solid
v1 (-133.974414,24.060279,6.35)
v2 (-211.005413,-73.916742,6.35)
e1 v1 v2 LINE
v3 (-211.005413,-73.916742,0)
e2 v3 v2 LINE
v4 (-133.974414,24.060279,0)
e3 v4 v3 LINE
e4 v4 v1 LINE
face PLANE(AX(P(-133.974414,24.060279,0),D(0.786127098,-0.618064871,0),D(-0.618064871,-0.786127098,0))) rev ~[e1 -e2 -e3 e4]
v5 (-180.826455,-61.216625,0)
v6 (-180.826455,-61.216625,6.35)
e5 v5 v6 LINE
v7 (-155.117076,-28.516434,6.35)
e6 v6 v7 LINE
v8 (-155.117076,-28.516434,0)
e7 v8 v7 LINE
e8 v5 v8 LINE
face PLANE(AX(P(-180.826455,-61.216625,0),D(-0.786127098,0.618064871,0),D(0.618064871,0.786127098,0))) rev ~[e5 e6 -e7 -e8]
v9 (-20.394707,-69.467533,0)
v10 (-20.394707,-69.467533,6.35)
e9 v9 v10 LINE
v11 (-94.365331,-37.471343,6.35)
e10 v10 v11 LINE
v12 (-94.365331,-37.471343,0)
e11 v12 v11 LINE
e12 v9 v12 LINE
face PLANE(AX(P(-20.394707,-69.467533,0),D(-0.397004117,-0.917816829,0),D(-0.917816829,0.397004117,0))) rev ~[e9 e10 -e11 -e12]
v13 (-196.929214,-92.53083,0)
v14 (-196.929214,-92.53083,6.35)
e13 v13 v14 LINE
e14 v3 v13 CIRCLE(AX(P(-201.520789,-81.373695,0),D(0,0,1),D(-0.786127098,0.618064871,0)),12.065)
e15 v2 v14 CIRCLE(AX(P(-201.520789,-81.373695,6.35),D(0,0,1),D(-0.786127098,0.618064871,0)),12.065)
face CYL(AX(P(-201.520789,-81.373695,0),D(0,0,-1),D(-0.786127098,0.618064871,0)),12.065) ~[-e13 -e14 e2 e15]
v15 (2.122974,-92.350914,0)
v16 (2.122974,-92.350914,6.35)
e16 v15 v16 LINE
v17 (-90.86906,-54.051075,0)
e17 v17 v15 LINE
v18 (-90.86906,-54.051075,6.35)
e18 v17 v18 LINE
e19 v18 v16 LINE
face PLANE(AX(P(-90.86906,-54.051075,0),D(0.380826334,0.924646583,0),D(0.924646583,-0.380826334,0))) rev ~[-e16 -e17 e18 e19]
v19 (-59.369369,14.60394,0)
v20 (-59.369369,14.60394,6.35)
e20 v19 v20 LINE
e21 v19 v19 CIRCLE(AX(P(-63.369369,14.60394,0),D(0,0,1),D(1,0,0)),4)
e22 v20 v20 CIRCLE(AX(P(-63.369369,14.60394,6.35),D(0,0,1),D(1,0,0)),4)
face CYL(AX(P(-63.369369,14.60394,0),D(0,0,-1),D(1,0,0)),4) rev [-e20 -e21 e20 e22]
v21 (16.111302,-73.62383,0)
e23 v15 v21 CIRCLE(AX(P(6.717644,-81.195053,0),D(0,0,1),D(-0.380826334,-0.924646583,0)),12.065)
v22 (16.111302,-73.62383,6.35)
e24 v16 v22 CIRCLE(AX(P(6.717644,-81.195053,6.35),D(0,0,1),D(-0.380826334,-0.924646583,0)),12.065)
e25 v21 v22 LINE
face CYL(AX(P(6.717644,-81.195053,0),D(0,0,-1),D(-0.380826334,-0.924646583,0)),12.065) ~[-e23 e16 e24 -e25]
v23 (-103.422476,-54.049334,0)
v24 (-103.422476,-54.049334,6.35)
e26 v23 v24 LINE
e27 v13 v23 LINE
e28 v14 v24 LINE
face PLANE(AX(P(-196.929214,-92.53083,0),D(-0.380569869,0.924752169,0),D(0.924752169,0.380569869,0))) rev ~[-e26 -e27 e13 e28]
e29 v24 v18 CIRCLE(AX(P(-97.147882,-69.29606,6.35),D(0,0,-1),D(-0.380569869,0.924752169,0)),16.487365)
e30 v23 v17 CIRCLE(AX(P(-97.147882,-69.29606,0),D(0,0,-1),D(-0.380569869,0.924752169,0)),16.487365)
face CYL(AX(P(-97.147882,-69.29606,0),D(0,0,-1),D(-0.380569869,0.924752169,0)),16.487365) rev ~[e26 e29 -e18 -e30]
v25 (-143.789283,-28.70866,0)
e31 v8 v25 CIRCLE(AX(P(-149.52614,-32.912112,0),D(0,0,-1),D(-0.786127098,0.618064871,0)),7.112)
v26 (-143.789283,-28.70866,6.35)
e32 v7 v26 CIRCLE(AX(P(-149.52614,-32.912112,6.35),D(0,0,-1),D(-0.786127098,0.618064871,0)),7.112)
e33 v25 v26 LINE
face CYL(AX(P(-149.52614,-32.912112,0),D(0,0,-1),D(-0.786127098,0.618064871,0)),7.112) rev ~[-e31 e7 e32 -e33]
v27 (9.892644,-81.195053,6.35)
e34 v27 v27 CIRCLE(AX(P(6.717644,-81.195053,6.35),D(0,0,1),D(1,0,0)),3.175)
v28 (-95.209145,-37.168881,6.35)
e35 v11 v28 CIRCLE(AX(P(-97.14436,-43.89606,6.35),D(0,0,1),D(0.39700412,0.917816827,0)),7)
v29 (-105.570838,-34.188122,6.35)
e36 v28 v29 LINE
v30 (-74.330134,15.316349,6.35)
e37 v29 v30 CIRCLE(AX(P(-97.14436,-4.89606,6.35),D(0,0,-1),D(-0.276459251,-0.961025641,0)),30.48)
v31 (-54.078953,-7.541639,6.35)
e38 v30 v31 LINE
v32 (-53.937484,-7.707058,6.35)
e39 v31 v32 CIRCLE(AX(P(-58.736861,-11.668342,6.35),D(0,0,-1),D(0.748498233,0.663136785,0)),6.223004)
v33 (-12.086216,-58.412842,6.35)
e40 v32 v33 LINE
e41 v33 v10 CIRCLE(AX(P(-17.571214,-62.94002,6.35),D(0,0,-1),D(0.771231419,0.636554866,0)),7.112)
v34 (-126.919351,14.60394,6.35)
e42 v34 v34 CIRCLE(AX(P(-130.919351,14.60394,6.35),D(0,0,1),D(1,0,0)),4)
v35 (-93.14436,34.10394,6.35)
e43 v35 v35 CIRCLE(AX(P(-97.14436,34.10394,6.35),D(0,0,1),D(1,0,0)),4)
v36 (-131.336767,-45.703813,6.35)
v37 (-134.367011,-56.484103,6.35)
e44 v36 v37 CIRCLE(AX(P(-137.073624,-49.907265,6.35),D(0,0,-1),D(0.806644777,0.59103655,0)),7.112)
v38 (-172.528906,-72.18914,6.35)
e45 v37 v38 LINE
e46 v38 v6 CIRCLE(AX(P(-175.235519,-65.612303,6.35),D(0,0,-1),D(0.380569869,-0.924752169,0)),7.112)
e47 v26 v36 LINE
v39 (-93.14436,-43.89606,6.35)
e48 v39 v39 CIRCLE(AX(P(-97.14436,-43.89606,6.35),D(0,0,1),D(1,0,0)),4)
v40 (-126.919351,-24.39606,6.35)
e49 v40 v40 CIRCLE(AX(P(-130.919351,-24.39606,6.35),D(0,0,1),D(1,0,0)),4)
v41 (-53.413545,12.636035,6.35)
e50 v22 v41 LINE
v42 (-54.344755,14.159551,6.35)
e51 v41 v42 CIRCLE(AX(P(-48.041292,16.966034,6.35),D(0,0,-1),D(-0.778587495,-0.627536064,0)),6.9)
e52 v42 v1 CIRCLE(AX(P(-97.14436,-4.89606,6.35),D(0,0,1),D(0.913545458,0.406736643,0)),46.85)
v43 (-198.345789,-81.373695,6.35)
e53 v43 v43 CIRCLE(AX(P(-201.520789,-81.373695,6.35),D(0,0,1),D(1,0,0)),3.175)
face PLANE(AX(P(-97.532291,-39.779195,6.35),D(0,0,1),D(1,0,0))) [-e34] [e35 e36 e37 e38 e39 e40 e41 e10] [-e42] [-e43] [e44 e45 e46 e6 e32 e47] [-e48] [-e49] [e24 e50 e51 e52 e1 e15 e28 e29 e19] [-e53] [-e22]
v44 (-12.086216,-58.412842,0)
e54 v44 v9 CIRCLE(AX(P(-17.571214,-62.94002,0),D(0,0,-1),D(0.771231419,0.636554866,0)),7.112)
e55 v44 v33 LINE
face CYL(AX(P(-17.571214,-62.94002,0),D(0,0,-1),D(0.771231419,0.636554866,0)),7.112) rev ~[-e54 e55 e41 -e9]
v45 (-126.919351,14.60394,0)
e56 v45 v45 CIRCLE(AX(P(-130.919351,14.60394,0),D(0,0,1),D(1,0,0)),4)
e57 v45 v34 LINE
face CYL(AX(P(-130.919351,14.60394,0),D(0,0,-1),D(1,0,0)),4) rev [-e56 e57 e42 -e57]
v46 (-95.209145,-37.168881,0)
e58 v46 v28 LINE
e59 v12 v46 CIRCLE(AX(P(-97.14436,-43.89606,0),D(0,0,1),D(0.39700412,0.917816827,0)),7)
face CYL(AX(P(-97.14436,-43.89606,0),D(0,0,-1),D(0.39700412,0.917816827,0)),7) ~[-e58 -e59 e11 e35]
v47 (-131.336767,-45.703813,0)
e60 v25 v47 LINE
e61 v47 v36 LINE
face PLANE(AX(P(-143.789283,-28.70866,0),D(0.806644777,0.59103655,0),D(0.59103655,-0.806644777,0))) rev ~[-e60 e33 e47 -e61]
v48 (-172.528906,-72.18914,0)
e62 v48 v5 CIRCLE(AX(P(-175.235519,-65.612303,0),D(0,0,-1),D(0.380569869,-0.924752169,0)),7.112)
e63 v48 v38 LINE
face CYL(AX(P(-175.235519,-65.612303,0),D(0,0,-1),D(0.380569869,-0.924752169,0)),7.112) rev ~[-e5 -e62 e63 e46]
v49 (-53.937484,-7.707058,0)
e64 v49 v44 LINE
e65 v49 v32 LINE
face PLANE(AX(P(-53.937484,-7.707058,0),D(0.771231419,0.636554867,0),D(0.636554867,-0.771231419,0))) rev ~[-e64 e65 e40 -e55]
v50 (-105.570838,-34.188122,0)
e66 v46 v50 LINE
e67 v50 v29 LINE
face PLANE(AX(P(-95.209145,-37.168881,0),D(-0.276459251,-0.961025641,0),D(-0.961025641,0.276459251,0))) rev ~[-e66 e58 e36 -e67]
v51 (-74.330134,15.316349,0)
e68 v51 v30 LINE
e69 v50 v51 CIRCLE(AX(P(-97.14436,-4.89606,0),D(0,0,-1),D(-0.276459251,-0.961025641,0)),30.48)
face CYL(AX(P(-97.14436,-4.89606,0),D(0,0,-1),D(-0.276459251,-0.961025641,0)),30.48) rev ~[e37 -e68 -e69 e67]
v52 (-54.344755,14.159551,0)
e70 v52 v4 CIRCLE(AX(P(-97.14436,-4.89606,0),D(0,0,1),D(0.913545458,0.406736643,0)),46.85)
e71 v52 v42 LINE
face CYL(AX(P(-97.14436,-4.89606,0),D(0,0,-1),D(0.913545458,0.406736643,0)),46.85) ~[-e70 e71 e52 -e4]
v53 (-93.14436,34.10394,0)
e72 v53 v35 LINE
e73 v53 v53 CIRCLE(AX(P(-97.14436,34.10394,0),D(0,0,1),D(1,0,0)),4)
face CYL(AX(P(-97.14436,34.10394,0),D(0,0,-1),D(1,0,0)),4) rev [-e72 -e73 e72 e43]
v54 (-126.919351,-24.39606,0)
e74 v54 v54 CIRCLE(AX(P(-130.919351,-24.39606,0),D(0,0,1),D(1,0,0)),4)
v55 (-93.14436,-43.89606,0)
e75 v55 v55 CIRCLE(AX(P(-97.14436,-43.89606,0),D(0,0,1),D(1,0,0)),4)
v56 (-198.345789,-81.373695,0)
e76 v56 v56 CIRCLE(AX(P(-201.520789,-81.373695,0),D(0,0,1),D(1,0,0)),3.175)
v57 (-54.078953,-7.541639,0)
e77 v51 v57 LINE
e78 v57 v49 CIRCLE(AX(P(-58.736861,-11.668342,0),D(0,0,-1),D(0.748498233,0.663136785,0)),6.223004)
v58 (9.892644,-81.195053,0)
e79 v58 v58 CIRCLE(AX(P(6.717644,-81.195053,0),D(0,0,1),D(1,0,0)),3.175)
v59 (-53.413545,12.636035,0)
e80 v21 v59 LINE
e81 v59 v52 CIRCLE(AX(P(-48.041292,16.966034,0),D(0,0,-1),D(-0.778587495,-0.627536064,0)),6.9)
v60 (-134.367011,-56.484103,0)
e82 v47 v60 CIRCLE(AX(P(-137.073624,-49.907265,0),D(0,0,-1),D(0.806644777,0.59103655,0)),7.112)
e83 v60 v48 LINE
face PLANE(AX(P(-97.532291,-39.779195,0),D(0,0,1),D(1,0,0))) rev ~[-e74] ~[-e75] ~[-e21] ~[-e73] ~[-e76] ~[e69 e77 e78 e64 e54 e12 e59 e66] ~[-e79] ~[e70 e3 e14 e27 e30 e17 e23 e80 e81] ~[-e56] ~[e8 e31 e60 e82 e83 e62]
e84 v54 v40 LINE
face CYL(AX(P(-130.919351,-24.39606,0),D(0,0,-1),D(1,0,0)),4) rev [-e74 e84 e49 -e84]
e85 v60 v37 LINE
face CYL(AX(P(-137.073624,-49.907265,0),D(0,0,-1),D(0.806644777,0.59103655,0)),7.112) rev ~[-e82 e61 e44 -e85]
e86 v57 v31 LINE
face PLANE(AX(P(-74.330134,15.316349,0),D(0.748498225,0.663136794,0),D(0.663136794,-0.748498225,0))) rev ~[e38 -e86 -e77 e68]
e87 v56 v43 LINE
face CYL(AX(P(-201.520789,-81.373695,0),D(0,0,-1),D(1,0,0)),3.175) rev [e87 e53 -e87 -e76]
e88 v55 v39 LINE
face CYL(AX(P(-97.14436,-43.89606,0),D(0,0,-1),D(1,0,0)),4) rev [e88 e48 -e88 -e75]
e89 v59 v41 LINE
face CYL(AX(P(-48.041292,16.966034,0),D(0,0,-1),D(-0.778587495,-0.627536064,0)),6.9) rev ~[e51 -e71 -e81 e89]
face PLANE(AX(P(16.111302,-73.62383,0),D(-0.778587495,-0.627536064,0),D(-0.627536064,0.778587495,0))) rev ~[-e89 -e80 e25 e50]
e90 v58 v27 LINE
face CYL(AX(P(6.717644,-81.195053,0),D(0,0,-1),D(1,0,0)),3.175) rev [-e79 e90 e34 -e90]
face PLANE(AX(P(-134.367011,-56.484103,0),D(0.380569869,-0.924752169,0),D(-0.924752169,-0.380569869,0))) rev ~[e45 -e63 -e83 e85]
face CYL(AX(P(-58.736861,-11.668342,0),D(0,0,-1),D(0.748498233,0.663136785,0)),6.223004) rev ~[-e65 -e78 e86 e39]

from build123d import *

# Parameters (mm, degrees)
SKETCH3_R           = 4
SKETCH3_R_2         = 3.175
BOSS_EXTRUDE1_DEPTH = 6.35


with BuildPart() as part:
    # Sketch3 → Boss-Extrude1 (new body)
    with BuildSketch(Plane.XY):
        with BuildLine():
            ThreePointArc((-54.344755215, 14.159551399), (-91.363790432, 41.595955293), (-133.974414464, 24.060278895))
            Line((-133.974414464, 24.060278895), (-211.005412605, -73.916742383))
            ThreePointArc((-211.005412605, -73.916742383), (-211.144018552, -88.650897892), (-196.929213693, -92.530829979))
            Line((-196.929213693, -92.530829979), (-103.422476429, -54.04933414))
            ThreePointArc((-103.422476429, -54.04933414), (-97.145595861, -52.808695879), (-90.869059624, -54.05107498))
            Line((-90.869059624, -54.05107498), (2.122974069, -92.350913963))
            ThreePointArc((2.122974069, -92.350913963), (16.383743715, -88.415214787), (16.111301916, -73.623830322))
            Line((16.111301916, -73.623830322), (-53.413545275, 12.636035393))
            ThreePointArc((-53.413545275, 12.636035393), (-53.928639798, 13.36754418), (-54.344755215, 14.159551399))
        make_face()
        with BuildLine():
            ThreePointArc((-94.365331084, -37.471342529), (-94.782391681, -37.306590994), (-95.20914515, -37.168880842))
            Line((-95.20914515, -37.168880842), (-105.570837866, -34.188121867))
            ThreePointArc((-105.570837866, -34.188121867), (-122.920802355, 11.370636159), (-74.330134016, 15.316349154))
            Line((-74.330134016, 15.316349154), (-54.078953085, -7.541638988))
            ThreePointArc((-54.078953085, -7.541638988), (-54.00749546, -7.623730088), (-53.937484416, -7.707058323))
            Line((-53.937484416, -7.707058323), (-12.08621589, -58.41284178))
            ThreePointArc((-12.08621589, -58.41284178), (-11.885929876, -67.212968778), (-20.394707026, -69.467533275))
            Line((-20.394707026, -69.467533275), (-94.365331084, -37.471342529))
        make_face(mode=Mode.SUBTRACT)
        with BuildLine():
            ThreePointArc((-172.528906448, -72.18914022), (-180.908159839, -69.902022358), (-180.826455281, -61.216625426))
            Line((-180.826455281, -61.216625426), (-155.117076369, -28.516434264))
            ThreePointArc((-155.117076369, -28.516434264), (-149.40547172, -25.801135391), (-143.78928279, -28.708659687))
            Line((-143.78928279, -28.708659687), (-131.33676671, -45.703813477))
            ThreePointArc((-131.33676671, -45.703813477), (-130.226967626, -51.831800551), (-134.367011458, -56.484102848))
            Line((-134.367011458, -56.484102848), (-172.528906448, -72.18914022))
        make_face(mode=Mode.SUBTRACT)
        with Locations((-130.919350653, -24.396060329)):
            Circle(SKETCH3_R, mode=Mode.SUBTRACT)
        with Locations((-97.144359905, -43.896060329)):
            Circle(SKETCH3_R, mode=Mode.SUBTRACT)
        with Locations((-130.919350653, 14.603939671)):
            Circle(SKETCH3_R, mode=Mode.SUBTRACT)
        with Locations((-63.369369158, 14.603939671)):
            Circle(SKETCH3_R, mode=Mode.SUBTRACT)
        with Locations((-97.144359905, 34.103939671)):
            Circle(SKETCH3_R, mode=Mode.SUBTRACT)
        with Locations((6.717643784, -81.195052938)):
            Circle(SKETCH3_R_2, mode=Mode.SUBTRACT)
        with Locations((-201.520789163, -81.373695056)):
            Circle(SKETCH3_R_2, mode=Mode.SUBTRACT)
    extrude(amount=BOSS_EXTRUDE1_DEPTH)


solid = part.part
